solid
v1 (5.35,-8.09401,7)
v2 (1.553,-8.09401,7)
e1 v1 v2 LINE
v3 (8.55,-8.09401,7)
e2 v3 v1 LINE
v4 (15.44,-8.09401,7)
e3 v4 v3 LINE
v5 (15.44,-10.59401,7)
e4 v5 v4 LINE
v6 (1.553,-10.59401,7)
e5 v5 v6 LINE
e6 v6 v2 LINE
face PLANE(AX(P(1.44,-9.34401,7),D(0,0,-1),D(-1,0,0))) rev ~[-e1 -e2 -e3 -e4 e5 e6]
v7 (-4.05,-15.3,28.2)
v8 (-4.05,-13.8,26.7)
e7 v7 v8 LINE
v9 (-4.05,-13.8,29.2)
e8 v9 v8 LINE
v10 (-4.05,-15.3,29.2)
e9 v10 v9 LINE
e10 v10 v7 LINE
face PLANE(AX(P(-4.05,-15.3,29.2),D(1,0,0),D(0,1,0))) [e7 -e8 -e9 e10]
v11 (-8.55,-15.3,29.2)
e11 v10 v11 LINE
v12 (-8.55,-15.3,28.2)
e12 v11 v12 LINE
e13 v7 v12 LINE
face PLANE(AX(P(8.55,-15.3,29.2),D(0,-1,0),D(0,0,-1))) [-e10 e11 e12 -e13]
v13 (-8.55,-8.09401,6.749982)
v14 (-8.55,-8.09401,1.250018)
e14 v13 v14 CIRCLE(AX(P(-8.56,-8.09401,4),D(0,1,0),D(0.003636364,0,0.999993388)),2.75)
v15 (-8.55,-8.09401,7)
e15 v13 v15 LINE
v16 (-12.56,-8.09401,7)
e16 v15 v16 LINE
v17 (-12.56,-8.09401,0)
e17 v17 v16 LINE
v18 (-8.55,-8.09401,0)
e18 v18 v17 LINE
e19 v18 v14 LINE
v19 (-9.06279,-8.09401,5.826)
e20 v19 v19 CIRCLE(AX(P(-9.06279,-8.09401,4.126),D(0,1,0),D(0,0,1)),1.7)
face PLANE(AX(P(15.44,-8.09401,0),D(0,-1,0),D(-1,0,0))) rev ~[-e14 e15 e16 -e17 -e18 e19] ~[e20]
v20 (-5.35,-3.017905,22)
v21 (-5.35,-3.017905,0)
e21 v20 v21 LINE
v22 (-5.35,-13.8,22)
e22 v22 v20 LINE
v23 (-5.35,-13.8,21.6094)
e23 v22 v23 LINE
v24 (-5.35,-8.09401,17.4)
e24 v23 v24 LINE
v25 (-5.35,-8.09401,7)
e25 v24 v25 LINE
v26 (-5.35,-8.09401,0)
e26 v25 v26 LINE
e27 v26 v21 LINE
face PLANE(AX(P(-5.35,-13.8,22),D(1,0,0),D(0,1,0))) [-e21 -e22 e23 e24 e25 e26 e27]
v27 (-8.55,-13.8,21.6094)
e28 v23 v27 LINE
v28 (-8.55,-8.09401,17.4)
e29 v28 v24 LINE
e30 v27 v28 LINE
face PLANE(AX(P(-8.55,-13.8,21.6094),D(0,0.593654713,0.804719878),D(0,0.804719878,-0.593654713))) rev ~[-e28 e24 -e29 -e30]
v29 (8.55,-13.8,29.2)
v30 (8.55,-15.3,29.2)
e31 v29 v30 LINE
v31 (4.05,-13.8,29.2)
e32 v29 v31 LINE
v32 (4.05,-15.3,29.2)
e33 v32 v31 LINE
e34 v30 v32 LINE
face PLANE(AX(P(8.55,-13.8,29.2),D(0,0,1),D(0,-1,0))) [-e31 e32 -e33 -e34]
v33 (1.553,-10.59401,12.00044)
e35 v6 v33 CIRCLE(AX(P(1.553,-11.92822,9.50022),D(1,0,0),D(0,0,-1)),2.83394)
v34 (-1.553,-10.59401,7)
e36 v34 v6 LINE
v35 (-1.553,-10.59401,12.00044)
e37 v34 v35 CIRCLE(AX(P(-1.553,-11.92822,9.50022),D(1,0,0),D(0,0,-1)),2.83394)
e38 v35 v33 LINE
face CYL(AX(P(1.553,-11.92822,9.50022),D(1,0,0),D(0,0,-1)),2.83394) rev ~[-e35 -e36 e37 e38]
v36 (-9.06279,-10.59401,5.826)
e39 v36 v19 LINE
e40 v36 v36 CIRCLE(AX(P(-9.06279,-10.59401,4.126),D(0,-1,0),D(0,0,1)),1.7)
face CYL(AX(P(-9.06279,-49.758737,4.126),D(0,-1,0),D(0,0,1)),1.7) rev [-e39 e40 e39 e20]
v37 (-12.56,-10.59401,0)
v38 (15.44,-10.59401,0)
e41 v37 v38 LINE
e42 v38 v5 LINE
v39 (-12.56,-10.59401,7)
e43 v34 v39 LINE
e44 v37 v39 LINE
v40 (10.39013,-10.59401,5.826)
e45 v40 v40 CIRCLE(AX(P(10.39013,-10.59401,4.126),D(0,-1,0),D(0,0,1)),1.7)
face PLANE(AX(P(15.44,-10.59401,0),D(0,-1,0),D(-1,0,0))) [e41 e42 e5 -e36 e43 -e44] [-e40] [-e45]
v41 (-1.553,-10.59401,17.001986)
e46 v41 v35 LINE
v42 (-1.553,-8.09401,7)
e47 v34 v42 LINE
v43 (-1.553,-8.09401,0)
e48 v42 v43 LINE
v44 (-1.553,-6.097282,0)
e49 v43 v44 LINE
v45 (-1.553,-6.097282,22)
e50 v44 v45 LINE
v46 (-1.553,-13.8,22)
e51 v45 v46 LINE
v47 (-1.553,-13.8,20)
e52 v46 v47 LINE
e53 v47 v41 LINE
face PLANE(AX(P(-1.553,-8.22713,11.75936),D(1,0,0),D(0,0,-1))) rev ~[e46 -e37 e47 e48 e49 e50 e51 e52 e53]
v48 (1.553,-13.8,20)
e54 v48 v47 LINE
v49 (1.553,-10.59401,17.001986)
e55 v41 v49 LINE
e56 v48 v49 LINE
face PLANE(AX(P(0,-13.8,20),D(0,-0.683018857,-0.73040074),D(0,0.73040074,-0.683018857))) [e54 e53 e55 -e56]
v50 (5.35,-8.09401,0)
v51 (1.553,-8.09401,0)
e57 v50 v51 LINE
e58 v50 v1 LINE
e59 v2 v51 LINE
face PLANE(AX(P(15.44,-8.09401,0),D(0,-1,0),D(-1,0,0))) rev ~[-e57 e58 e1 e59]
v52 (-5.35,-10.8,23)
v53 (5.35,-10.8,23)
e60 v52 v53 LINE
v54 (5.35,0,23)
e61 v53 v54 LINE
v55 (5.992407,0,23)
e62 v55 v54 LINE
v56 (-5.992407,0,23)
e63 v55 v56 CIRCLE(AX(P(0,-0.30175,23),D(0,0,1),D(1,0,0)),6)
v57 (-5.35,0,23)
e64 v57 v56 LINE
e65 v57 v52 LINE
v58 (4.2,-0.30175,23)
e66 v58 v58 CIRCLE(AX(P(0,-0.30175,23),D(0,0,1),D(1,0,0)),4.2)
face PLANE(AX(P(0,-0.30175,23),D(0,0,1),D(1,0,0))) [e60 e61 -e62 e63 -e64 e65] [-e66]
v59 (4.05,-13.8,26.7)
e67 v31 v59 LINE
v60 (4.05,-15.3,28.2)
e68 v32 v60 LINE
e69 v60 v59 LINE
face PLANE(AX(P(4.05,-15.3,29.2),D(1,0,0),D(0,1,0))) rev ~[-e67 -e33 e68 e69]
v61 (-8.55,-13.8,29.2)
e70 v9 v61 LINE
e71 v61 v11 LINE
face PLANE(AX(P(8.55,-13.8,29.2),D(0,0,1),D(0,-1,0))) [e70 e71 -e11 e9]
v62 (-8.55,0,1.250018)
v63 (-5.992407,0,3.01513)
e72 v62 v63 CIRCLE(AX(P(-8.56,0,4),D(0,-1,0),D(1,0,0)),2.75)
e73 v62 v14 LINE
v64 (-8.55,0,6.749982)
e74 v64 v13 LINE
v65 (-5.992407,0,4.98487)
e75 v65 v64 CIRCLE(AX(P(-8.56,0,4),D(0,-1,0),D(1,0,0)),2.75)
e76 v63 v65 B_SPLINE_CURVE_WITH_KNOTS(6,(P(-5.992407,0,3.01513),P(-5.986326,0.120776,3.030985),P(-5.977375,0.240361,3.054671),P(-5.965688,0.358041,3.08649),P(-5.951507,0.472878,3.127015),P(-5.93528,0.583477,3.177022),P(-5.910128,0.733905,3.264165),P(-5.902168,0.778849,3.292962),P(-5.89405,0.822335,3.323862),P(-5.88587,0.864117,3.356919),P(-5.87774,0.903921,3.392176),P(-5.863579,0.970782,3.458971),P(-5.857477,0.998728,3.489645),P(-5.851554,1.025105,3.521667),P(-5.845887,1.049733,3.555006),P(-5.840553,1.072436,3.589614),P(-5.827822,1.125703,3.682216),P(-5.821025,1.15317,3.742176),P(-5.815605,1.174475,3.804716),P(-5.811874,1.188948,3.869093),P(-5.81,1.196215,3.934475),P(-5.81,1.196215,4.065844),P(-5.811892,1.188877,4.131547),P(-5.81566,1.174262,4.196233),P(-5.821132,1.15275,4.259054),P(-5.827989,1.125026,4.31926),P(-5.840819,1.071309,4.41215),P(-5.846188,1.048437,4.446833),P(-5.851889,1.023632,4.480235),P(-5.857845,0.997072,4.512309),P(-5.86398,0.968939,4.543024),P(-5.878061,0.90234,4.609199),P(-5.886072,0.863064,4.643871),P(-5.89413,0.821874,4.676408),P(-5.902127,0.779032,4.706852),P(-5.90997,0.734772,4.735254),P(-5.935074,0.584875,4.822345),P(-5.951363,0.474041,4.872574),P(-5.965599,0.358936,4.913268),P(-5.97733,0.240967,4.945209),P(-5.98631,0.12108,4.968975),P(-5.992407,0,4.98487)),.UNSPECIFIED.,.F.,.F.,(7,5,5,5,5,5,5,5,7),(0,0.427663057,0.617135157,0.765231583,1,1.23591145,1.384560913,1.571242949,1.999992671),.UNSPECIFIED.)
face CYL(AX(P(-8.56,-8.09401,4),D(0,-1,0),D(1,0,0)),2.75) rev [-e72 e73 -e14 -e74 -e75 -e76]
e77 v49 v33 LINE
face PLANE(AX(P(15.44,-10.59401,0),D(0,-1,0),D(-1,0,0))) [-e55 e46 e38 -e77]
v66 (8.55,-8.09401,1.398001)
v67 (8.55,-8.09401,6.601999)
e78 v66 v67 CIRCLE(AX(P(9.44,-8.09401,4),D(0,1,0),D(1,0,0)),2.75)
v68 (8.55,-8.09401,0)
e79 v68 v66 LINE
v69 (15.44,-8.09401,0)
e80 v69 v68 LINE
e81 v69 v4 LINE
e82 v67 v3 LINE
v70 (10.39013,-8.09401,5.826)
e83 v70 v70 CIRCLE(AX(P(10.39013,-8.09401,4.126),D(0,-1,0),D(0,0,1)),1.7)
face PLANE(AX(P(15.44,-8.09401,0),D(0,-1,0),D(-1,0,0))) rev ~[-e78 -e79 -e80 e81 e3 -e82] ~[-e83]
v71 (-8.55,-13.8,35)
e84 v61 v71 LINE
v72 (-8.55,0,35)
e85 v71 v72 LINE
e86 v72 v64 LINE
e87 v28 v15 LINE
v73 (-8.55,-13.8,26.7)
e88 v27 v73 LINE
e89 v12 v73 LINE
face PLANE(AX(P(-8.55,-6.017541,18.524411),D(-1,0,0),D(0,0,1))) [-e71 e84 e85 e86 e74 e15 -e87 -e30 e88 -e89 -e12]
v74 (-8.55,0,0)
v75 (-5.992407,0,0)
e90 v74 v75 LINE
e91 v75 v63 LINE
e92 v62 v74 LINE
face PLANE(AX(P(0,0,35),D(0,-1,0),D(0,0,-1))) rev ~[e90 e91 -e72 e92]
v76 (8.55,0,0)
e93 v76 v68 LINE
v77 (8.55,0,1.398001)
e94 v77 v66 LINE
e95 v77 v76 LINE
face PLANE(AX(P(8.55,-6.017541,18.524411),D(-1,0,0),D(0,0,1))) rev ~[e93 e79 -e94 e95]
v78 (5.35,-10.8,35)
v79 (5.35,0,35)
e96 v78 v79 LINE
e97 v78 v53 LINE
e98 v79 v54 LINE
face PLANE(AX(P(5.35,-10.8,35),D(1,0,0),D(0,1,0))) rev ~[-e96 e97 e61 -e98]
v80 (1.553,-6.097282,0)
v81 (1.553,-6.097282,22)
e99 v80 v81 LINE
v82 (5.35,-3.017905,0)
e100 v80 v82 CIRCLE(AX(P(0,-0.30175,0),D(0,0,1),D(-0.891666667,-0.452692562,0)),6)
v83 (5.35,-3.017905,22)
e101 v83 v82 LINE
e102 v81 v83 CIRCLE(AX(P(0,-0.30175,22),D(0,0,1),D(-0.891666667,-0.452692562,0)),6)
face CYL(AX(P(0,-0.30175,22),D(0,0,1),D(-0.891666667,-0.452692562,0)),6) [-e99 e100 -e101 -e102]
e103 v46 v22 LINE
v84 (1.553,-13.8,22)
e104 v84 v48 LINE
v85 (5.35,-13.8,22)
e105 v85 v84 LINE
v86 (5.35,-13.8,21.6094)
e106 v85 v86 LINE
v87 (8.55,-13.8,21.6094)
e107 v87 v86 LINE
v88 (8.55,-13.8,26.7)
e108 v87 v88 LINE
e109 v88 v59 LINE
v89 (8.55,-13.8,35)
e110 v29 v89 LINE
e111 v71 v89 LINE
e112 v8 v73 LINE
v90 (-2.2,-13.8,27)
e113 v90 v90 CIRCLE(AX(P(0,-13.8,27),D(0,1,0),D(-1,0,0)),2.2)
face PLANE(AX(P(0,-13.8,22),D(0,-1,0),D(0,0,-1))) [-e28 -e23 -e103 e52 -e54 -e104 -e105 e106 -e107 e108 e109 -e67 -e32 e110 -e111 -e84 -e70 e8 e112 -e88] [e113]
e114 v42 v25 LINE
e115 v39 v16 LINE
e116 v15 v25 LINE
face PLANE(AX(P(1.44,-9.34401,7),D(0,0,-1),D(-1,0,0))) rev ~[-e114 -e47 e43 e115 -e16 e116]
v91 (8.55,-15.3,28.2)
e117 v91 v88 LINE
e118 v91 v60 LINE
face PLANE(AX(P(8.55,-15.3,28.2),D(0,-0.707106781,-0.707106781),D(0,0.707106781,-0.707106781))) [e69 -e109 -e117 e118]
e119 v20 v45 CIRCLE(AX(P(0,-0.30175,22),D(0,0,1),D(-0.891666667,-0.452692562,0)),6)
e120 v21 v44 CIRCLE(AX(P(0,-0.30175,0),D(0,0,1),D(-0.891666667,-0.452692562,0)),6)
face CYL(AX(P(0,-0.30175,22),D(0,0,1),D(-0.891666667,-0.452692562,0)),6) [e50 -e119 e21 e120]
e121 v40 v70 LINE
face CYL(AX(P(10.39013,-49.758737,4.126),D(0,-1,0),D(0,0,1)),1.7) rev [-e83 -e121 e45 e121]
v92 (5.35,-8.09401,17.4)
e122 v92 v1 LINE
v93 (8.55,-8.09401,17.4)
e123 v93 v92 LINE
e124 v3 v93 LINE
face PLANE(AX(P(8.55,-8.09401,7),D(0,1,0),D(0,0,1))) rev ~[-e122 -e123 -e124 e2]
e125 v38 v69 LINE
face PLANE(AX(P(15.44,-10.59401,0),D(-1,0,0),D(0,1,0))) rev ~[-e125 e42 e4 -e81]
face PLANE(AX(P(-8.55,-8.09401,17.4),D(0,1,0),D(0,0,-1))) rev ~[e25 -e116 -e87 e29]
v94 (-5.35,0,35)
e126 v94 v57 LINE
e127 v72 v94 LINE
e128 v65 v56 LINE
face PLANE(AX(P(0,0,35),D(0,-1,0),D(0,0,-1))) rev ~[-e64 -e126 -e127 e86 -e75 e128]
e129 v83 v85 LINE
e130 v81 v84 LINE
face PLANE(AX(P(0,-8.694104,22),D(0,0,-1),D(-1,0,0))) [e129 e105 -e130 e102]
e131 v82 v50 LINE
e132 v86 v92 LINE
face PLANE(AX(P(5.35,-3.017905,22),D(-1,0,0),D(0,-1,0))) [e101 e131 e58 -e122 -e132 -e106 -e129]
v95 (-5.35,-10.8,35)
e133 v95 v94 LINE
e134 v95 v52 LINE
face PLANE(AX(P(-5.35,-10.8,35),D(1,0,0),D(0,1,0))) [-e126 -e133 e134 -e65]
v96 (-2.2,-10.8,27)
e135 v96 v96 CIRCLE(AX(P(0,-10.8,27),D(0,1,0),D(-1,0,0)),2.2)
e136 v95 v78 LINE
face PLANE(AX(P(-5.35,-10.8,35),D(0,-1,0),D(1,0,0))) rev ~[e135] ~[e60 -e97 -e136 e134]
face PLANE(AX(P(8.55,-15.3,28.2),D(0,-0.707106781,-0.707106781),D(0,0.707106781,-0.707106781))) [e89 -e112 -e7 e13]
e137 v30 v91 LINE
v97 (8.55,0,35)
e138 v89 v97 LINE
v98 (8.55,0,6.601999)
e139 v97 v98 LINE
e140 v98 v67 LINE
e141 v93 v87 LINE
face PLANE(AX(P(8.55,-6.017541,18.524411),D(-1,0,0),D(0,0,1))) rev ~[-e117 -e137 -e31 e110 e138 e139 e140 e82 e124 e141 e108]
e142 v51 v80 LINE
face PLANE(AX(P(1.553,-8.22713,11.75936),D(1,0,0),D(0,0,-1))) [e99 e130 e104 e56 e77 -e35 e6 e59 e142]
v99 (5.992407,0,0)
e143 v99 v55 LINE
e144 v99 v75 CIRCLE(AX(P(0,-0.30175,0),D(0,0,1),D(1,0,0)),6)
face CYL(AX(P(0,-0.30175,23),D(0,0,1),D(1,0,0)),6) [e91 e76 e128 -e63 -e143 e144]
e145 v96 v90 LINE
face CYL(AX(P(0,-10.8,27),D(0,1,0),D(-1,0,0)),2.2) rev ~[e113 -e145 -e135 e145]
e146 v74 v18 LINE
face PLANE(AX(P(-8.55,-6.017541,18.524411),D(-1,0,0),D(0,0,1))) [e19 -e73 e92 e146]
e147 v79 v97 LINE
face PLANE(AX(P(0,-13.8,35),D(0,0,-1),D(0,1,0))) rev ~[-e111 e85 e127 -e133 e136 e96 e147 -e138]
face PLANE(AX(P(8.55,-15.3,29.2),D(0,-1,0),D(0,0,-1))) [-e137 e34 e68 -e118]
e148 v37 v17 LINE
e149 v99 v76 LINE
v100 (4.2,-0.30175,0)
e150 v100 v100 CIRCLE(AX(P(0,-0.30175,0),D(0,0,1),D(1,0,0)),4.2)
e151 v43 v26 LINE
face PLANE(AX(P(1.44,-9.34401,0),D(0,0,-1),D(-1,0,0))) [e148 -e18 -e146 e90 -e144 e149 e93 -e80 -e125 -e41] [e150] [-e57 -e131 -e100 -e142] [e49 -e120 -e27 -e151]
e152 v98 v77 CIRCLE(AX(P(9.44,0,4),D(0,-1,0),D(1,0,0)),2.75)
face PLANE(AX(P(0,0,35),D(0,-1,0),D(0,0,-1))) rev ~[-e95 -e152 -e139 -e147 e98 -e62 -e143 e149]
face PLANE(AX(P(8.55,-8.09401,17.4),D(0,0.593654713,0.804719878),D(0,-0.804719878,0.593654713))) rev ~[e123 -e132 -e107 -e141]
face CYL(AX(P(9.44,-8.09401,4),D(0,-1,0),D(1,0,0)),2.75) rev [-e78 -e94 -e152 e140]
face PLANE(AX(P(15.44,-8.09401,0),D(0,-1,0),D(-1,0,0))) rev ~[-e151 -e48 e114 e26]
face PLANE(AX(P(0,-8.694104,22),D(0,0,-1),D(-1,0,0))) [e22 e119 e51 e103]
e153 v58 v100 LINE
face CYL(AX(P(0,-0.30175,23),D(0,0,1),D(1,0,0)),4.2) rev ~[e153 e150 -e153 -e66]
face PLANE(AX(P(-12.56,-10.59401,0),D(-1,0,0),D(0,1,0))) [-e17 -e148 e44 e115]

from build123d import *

# Parameters (mm, degrees)
BOSS_EXTRUDE1_DEPTH      = 8.55
SKETCH2_W                = 10.7
SKETCH2_H                = 10.8
CUT_EXTRUDE1_DEPTH       = 12
SKETCH3_R                = 6
BOSS_EXTRUDE2_DEPTH      = 23
SKETCH4_R                = 4.2
CUT_EXTRUDE2_DEPTH       = 29.152131358
BOSS_EXTRUDE5_DEPTH      = 17.1
CUT_EXTRUDE4_REACH       = 36.056
SKETCH10_W               = 8.1
SKETCH10_H               = 1.5
SKETCH7_R                = 2.2
CUT_EXTRUDE3_DEPTH       = 40.626944786
CUT_EXTRUDE9_START       = -22
CUT_EXTRUDE9_DEPTH       = 22
BOSS_EXTRUDE6_DEPTH      = 1.553
SKETCH16_W               = 28
SKETCH16_H               = 2.5
BOSS_EXTRUDE8_DEPTH      = 7
CUT_EXTRUDE8_DEPTH       = 6.997
CUT_EXTRUDE10_REACH      = 42.722
SKETCH19_R               = 2.83394
CUT_EXTRUDE11_DEPTH      = 41.664727171
CUT_EXTRUDE11_DEPTH_BACK = 41.664727171
SKETCH20_R               = 1.7
SKETCH21_R               = 2.75
CUT_EXTRUDE12_DEPTH      = 41.664727171
CUT_EXTRUDE13_REACH      = 47.107


with BuildPart() as part:
    # Sketch1 → Boss-Extrude1 (new, symmetric)
    with BuildSketch(Plane(origin=(0, 0, 0), x_dir=(0, 0, -1), z_dir=(1, 0, 0))):
        Polygon((0, 0), (0, -8.09401), (-21.6094, -13.8), (-35, -13.8), (-35, 0), align=None)
    extrude(amount=BOSS_EXTRUDE1_DEPTH, both=True)

    # Sketch2 → Cut-Extrude1 (cut)
    with BuildSketch(Plane.XY.offset(35)):
        with Locations((0, -5.4)):
            Rectangle(SKETCH2_W, SKETCH2_H)
    extrude(amount=-CUT_EXTRUDE1_DEPTH, mode=Mode.SUBTRACT)

    # Sketch3 → Boss-Extrude2 (add, through all)
    with BuildSketch(Plane.XY.offset(23)):
        with Locations((0, -0.30175)):
            Circle(SKETCH3_R)
    extrude(amount=-BOSS_EXTRUDE2_DEPTH)

    # Sketch4 → Cut-Extrude2 (cut, through all)
    with BuildSketch(Plane.XY.offset(23)):
        with Locations((0, -0.30175)):
            Circle(SKETCH4_R)
    extrude(amount=-CUT_EXTRUDE2_DEPTH, mode=Mode.SUBTRACT)

    # Sketch8 → Boss-Extrude5 (add, through all)
    with BuildSketch(Plane(origin=(8.55, 0, 0), x_dir=(0, 0, -1), z_dir=(1, 0, 0))):
        Polygon((-29.2, -13.8), (-29.2, -15.3), (-28.2, -15.3), (-26.7, -13.8), align=None)
    extrude(amount=-BOSS_EXTRUDE5_DEPTH)

    # Cut-Extrude4: up to this plane
    cut_extrude4_end = Plane(origin=(-8.55, -15.3, 28.2), z_dir=(0, -0.7071067811865467, -0.7071067811865483))
    # Sketch10 → Cut-Extrude4 (cut, up to the surface)
    with BuildSketch(Plane.XY.offset(29.2), mode=Mode.PRIVATE) as cut_extrude4_sk1:
        with Locations((0, -14.55)):
            Rectangle(SKETCH10_W, SKETCH10_H)
    cut_extrude4_tool1 = split(extrude(cut_extrude4_sk1.sketch, amount=-CUT_EXTRUDE4_REACH, mode=Mode.PRIVATE), bisect_by=cut_extrude4_end, keep=Keep.BOTH, mode=Mode.PRIVATE)
    add(cut_extrude4_tool1.solids().sort_by_distance((0, -14.55, 29.2))[0], mode=Mode.SUBTRACT)

    # Sketch7 → Cut-Extrude3 (cut, through all)
    with BuildSketch(Plane(origin=(0, -10.8, 0), x_dir=(1, 0, 0), z_dir=(0, 1, 0))):
        with Locations(Location((0, -27, 0), (0, 0, 180))):
            Circle(SKETCH7_R)
    extrude(amount=-CUT_EXTRUDE3_DEPTH, mode=Mode.SUBTRACT)

    # Sketch18 → Cut-Extrude9 (cut)
    with BuildSketch(Plane(origin=(0, 0, 0), x_dir=(-1, 0, 0), z_dir=(0, 0, -1)).offset(CUT_EXTRUDE9_START)):
        with BuildLine():
            Line((-5.35, -3.017905371), (-5.35, -13.8))
            Line((-5.35, -13.8), (5.35, -13.8))
            Line((5.35, -13.8), (5.35, -3.017905371))
            ThreePointArc((5.35, -3.017905371), (0, -6.30175), (-5.35, -3.017905371))
        make_face()
    extrude(amount=CUT_EXTRUDE9_DEPTH, mode=Mode.SUBTRACT)

    # Sketch14 → Boss-Extrude6 (add, symmetric)
    with BuildSketch(Plane(origin=(0, 0, 0), x_dir=(0, 0, -1), z_dir=(1, 0, 0))):
        Polygon((-20, -13.8), (-17.001986023, -10.59401), (0, -10.59401), (0, -4.8), (-22, -4.8), (-22, -13.8), align=None)
    extrude(amount=BOSS_EXTRUDE6_DEPTH, both=True)

    # Sketch16 → Boss-Extrude8 (add)
    with BuildSketch(Plane(origin=(0, 0, 0), x_dir=(-1, 0, 0), z_dir=(0, 0, -1))):
        with Locations((-1.44, -9.34401)):
            Rectangle(SKETCH16_W, SKETCH16_H)
    extrude(amount=-BOSS_EXTRUDE8_DEPTH)

    # Sketch17 → Cut-Extrude8 (cut)
    with BuildSketch(Plane(origin=(8.55, 0, 0), x_dir=(0, 0, -1), z_dir=(1, 0, 0))):
        Polygon((-7, -8.09401), (-17.4, -8.09401), (-21.6094, -13.8), (-7, -13.8), align=None)
    extrude(amount=-CUT_EXTRUDE8_DEPTH, mode=Mode.SUBTRACT)

    # Sketch19 → Cut-Extrude10 (cut, up to next)
    with BuildSketch(Plane(origin=(1.553, 0, 0), x_dir=(0, 0, -1), z_dir=(1, 0, 0)), mode=Mode.PRIVATE) as cut_extrude10_sk1:
        with Locations((-9.50021991, -11.92822)):
            Circle(SKETCH19_R)
    cut_extrude10_tool1 = extrude(cut_extrude10_sk1.sketch, amount=-CUT_EXTRUDE10_REACH, mode=Mode.PRIVATE) & part.part
    add(cut_extrude10_tool1.solids().sort_by_distance((1.553, -11.92822, 9.50022))[0], mode=Mode.SUBTRACT)

    # Sketch20 → Cut-Extrude11 (cut, two sides: drawn at the far end of the back side and taken through both)
    with BuildSketch(Plane(origin=(0, -8.09401, 0), x_dir=(1, 0, 0), z_dir=(0, 1, 0)).offset(-CUT_EXTRUDE11_DEPTH_BACK)):
        with Locations(Location((-9.06279, -4.126, 0), (0, 0, 270))):
            Circle(SKETCH20_R)
        with Locations(Location((10.39013, -4.126, 0), (0, 0, 270))):
            Circle(SKETCH20_R)
    extrude(amount=CUT_EXTRUDE11_DEPTH + CUT_EXTRUDE11_DEPTH_BACK, mode=Mode.SUBTRACT)

    # Sketch21 → Cut-Extrude12 (cut, through all)
    with BuildSketch(Plane(origin=(0, -8.09401, 0), x_dir=(1, 0, 0), z_dir=(0, 1, 0))):
        with Locations((-8.56, -4)):
            Circle(SKETCH21_R)
        with Locations((9.44, -4)):
            Circle(SKETCH21_R)
    extrude(amount=CUT_EXTRUDE12_DEPTH, mode=Mode.SUBTRACT)

    # Sketch22 → Cut-Extrude13 (cut, up to next)
    with BuildSketch(Plane.ZY.offset(8.55), mode=Mode.PRIVATE) as cut_extrude13_sk1:
        Polygon((17.4, -8.09401), (7, -8.09401), (7, -9.942369047), (21.6094, -13.8), align=None)
    cut_extrude13_tool1 = extrude(cut_extrude13_sk1.sketch, amount=-CUT_EXTRUDE13_REACH, mode=Mode.PRIVATE) & part.part
    add(cut_extrude13_tool1.solids().sort_by_distance((-8.55, -10.188689, 14.252315))[0], mode=Mode.SUBTRACT)


solid = part.part
